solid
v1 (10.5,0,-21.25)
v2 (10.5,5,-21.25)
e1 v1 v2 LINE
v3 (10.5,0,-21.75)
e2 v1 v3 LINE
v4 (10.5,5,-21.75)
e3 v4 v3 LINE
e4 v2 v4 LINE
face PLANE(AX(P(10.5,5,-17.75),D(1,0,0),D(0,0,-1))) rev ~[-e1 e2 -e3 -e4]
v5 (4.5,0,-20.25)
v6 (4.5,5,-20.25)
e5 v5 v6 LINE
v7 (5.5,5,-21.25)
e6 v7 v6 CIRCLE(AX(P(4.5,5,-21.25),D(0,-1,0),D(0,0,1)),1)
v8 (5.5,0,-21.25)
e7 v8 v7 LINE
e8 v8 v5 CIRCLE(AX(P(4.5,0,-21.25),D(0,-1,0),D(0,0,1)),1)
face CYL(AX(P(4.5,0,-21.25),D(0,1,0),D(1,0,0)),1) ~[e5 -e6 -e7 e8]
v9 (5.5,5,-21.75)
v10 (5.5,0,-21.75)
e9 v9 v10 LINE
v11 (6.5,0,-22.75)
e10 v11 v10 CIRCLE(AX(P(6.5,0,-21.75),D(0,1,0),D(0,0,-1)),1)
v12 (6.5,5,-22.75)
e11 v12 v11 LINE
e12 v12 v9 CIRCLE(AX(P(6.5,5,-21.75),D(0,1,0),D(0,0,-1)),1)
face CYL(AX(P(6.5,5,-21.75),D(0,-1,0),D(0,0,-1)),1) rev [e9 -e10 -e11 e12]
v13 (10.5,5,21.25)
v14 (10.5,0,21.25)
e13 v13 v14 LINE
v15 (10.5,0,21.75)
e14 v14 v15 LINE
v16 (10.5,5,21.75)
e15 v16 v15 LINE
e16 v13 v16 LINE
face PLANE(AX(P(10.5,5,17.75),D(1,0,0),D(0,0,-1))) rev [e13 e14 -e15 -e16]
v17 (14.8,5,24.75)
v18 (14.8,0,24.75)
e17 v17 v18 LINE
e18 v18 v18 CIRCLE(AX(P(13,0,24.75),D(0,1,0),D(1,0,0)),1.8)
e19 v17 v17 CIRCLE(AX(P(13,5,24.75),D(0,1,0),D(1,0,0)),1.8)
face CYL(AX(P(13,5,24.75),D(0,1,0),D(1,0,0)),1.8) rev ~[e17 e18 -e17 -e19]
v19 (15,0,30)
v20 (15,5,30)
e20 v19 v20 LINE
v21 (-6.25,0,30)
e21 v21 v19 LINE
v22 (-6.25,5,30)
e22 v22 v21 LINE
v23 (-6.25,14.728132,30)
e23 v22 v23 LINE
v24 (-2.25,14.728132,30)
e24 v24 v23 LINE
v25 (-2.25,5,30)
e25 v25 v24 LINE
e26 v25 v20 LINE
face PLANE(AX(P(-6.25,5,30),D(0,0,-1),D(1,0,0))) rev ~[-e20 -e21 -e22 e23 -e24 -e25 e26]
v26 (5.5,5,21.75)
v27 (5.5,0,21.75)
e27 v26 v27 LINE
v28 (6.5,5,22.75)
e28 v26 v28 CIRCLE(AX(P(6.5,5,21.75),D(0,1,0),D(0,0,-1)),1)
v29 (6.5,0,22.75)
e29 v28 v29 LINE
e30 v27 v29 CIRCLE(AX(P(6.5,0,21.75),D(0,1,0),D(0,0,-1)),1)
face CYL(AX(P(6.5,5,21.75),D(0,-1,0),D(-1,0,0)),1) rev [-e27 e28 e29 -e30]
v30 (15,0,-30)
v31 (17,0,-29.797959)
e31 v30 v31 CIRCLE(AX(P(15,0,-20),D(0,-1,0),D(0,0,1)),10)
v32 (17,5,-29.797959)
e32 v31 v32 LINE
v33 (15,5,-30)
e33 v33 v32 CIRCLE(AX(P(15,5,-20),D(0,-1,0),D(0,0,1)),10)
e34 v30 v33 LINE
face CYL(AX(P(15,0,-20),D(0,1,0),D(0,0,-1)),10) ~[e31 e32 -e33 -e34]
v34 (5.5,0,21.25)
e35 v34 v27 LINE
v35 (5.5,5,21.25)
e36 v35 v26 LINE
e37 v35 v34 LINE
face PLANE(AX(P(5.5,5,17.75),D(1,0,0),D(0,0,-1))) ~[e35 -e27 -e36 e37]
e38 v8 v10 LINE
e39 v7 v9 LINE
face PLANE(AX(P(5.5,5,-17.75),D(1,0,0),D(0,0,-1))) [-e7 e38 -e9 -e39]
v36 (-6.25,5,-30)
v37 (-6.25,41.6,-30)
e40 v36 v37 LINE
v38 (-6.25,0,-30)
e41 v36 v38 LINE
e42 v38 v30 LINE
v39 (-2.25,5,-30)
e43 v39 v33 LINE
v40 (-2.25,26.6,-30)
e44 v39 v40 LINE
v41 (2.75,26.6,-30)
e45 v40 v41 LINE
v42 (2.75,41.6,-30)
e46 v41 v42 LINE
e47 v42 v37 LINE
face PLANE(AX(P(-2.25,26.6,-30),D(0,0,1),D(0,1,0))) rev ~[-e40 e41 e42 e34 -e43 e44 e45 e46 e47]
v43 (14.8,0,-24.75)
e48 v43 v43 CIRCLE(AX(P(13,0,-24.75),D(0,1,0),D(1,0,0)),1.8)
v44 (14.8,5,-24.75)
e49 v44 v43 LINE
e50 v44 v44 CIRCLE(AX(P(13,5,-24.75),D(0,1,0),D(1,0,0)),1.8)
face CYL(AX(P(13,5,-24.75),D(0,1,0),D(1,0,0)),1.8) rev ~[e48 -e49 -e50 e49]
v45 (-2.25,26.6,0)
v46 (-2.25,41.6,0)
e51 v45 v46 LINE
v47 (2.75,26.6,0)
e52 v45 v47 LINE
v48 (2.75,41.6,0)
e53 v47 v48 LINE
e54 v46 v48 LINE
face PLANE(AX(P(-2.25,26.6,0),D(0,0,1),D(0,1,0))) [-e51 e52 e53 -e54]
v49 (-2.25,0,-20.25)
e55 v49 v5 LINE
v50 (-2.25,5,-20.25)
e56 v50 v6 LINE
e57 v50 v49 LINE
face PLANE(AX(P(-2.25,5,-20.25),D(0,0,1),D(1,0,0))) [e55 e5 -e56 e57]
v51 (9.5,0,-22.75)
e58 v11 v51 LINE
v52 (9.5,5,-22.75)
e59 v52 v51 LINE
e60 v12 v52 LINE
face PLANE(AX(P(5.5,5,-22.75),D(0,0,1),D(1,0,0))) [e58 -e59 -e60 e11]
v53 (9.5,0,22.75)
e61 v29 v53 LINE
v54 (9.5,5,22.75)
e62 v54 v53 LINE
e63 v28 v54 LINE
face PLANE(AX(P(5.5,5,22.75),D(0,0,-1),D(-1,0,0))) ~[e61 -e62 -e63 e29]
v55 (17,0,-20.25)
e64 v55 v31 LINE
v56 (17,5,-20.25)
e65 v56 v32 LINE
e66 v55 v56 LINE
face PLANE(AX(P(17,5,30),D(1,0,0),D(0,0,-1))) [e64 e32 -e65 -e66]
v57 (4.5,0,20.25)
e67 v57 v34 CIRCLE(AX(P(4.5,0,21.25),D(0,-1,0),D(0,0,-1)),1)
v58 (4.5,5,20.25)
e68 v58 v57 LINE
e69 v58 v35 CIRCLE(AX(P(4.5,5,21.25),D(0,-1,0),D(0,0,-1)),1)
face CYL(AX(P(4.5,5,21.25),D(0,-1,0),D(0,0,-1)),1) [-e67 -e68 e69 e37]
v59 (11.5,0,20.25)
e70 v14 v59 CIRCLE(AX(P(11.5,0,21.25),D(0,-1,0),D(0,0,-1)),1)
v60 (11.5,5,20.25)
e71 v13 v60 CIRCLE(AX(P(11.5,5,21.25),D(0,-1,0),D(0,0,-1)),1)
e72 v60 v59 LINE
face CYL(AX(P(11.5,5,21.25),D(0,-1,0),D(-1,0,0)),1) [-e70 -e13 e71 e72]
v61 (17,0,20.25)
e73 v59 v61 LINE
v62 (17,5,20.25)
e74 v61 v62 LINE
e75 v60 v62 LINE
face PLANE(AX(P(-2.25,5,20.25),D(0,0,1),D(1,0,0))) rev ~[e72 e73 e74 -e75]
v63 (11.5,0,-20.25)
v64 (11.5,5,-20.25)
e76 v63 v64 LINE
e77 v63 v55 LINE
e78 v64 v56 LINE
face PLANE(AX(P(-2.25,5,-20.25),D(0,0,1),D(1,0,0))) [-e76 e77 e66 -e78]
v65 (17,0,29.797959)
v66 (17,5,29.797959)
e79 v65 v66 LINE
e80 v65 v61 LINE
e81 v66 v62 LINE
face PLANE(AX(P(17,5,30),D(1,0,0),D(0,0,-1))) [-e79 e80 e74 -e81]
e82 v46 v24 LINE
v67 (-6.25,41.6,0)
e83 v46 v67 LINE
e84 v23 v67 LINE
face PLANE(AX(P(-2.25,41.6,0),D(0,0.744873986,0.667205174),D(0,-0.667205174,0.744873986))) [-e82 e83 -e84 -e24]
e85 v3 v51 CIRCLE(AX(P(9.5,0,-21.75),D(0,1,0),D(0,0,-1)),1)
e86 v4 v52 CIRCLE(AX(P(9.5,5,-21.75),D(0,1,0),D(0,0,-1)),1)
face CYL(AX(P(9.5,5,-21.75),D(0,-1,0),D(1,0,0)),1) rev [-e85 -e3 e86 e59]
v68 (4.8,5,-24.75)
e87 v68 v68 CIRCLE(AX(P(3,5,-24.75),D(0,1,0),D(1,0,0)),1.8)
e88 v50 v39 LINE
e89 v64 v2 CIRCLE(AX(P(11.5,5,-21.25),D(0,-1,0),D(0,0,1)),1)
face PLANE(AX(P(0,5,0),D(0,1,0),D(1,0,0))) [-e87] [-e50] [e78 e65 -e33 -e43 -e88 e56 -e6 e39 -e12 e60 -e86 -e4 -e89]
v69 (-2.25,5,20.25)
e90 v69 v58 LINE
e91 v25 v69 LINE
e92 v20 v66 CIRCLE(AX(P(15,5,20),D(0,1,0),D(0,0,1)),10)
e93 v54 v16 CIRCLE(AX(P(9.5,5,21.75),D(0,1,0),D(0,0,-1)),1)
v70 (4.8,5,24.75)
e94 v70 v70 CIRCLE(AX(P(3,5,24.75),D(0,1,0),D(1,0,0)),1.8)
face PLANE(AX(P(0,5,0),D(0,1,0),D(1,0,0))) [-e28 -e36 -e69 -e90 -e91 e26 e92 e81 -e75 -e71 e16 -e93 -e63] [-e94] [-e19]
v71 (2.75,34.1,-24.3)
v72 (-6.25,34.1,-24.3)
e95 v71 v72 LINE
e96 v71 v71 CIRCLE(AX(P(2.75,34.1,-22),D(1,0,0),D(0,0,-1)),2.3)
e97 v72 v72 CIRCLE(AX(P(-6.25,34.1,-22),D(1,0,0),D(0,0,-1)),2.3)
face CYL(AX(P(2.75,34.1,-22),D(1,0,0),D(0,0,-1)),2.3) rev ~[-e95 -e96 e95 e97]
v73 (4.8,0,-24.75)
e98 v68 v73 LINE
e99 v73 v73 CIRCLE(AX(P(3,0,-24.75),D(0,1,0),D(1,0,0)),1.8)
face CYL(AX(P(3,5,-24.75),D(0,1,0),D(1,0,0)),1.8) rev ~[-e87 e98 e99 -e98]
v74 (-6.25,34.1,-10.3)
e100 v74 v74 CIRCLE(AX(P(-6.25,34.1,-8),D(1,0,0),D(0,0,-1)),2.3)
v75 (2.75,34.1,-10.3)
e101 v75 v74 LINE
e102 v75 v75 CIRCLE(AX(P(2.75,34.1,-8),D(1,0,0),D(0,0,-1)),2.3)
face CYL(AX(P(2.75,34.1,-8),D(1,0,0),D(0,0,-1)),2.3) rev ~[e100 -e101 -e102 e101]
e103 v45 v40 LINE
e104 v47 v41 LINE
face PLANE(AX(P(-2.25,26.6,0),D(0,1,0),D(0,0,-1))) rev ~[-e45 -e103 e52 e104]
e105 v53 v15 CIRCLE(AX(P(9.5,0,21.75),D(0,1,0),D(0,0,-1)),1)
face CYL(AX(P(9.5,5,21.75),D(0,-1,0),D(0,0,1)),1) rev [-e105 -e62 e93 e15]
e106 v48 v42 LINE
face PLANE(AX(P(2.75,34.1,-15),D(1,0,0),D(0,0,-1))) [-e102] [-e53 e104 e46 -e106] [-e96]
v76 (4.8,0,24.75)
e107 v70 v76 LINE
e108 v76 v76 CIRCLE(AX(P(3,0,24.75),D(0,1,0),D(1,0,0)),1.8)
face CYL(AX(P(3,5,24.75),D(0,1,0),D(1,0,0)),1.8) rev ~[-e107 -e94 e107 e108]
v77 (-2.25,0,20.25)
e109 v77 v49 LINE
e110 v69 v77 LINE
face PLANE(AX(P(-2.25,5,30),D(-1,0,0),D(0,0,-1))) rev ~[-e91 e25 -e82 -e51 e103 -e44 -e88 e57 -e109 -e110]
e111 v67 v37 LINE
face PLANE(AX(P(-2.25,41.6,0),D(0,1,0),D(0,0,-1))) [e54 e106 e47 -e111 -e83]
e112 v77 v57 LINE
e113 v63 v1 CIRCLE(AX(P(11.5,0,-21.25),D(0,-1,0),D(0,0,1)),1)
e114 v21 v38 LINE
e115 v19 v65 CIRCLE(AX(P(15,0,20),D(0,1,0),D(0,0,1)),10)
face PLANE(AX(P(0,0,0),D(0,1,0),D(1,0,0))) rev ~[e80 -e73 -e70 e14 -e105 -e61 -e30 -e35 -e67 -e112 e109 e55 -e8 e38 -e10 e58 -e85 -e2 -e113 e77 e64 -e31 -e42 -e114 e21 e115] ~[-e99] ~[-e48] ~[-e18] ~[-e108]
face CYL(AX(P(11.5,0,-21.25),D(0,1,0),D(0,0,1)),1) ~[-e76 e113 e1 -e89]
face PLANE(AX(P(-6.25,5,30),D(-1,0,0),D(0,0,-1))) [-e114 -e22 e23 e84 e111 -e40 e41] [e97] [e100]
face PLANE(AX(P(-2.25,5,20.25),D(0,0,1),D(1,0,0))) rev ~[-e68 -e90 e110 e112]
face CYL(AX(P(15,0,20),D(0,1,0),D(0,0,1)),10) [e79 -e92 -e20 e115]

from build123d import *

# Parameters (mm, degrees)
SKETCH1_W           = 50
SKETCH1_H           = 60
BOSS_EXTRUDE1_DEPTH = 5
SKETCH2_W           = 20.5
SKETCH2_H           = 40.5
CUT_EXTRUDE1_DEPTH  = 5
SKETCH3_R           = 1.8
CUT_EXTRUDE2_DEPTH  = 5
SKETCH4_R           = 2.5
CUT_EXTRUDE3_DEPTH  = 5
FILLET1_R           = 10
SKETCH5_W           = 5
SKETCH5_H           = 5
CUT_EXTRUDE4_DEPTH  = 10
FILLET2_R           = 1
SKETCH6_W           = 17.943789306
SKETCH6_H           = 60
CUT_EXTRUDE5_DEPTH  = 10
SKETCH7_W           = 4
SKETCH7_H           = 60
BOSS_EXTRUDE2_DEPTH = 36.6
SKETCH8_W           = 21.864927769
SKETCH8_H           = 69.948880873
CUT_EXTRUDE6_DEPTH  = 24
SKETCH9_W           = 30
SKETCH9_H           = 15
BOSS_EXTRUDE3_DEPTH = 5
CUT_EXTRUDE7_DEPTH  = 5
SKETCH11_R          = 2.3
CUT_EXTRUDE8_DEPTH  = 13


with BuildPart() as part:
    # Sketch1 → Boss-Extrude1 (new body)
    with BuildSketch(Plane(origin=(0, 0, 0), x_dir=(1, 0, 0), z_dir=(0, 1, 0))):
        Rectangle(SKETCH1_W, SKETCH1_H)
    extrude(amount=BOSS_EXTRUDE1_DEPTH)

    # Sketch2 → Cut-Extrude1 (cut)
    with BuildSketch(Plane(origin=(0, 5, 0), x_dir=(1, 0, 0), z_dir=(0, 1, 0))):
        with Locations((8, 0)):
            Rectangle(SKETCH2_W, SKETCH2_H)
    extrude(amount=-CUT_EXTRUDE1_DEPTH, mode=Mode.SUBTRACT)

    # Sketch3 → Cut-Extrude2 (cut)
    with BuildSketch(Plane(origin=(0, 5, 0), x_dir=(1, 0, 0), z_dir=(0, 1, 0))):
        with Locations((3, 24.75)):
            Circle(SKETCH3_R)
        with Locations((13, 24.75)):
            Circle(SKETCH3_R)
        with Locations((13, -24.75)):
            Circle(SKETCH3_R)
        with Locations((3, -24.75)):
            Circle(SKETCH3_R)
    extrude(amount=-CUT_EXTRUDE2_DEPTH, mode=Mode.SUBTRACT)

    # Sketch4 → Cut-Extrude3 (cut)
    with BuildSketch(Plane(origin=(0, 5, 0), x_dir=(1, 0, 0), z_dir=(0, 1, 0))):
        with Locations((-17.5, 20)):
            Circle(SKETCH4_R)
        with Locations((-17.5, -20)):
            Circle(SKETCH4_R)
    extrude(amount=-CUT_EXTRUDE3_DEPTH, mode=Mode.SUBTRACT)

    # Fillet1
    fillet1_edges = [part.edges().sort_by_distance(p)[0] for p in [
        (-25, 2.5, -30),
        (25, 2.5, -30),
        (25, 2.5, 30),
        (-25, 2.5, 30),
    ]]
    fillet(fillet1_edges, radius=FILLET1_R)

    # Sketch5 → Cut-Extrude4 (cut)
    with BuildSketch(Plane(origin=(0, 5, 0), x_dir=(1, 0, 0), z_dir=(0, 1, 0))):
        with Locations((8, 20.25)):
            Rectangle(SKETCH5_W, SKETCH5_H)
    cut_extrude4 = extrude(amount=-CUT_EXTRUDE4_DEPTH, mode=Mode.SUBTRACT)

    # Mirror1: Cut-Extrude4 across plane
    add(cut_extrude4.mirror(Plane.XY), mode=Mode.SUBTRACT)

    # Fillet2
    fillet2_edges = [part.edges().sort_by_distance(p)[0] for p in [
        (10.5, 2.5, 20.25),
        (5.5, 2.5, 20.25),
        (10.5, 2.5, 22.75),
        (5.5, 2.5, 22.75),
        (10.5, 2.5, -20.25),
        (5.5, 2.5, -20.25),
        (5.5, 2.5, -22.75),
        (10.5, 2.5, -22.75),
    ]]
    fillet(fillet2_edges, radius=FILLET2_R)

    # Sketch6 → Cut-Extrude5 (cut)
    with BuildSketch(Plane(origin=(0, 5, 0), x_dir=(1, 0, 0), z_dir=(0, 1, 0))):
        with Locations((25.971894653, 0)):
            Rectangle(SKETCH6_W, SKETCH6_H)
    extrude(amount=-CUT_EXTRUDE5_DEPTH, mode=Mode.SUBTRACT)

    # Sketch7 → Boss-Extrude2 (add)
    with BuildSketch(Plane(origin=(0, 5, 0), x_dir=(1, 0, 0), z_dir=(0, 1, 0))):
        with Locations((-4.25, 0)):
            Rectangle(SKETCH7_W, SKETCH7_H)
    extrude(amount=BOSS_EXTRUDE2_DEPTH)

    # Sketch8 → Cut-Extrude6 (cut)
    with BuildSketch(Plane(origin=(0, 5, 0), x_dir=(1, 0, 0), z_dir=(0, 1, 0))):
        with Locations((-17.182463885, 4.974440436)):
            Rectangle(SKETCH8_W, SKETCH8_H)
    extrude(amount=-CUT_EXTRUDE6_DEPTH, mode=Mode.SUBTRACT)

    # Sketch9 → Boss-Extrude3 (add)
    with BuildSketch(Plane(origin=(-2.25, 0, 0), x_dir=(0, 0, -1), z_dir=(1, 0, 0))):
        with Locations((15, 34.1)):
            Rectangle(SKETCH9_W, SKETCH9_H)
    extrude(amount=BOSS_EXTRUDE3_DEPTH)

    # Sketch10 → Cut-Extrude7 (cut)
    with BuildSketch(Plane(origin=(-2.25, 0, 0), x_dir=(0, 0, -1), z_dir=(1, 0, 0))):
        Polygon((0, 41.6), (-30, 14.728132264), (-30, 41.6), align=None)
    extrude(amount=-CUT_EXTRUDE7_DEPTH, mode=Mode.SUBTRACT)

    # Sketch11 → Cut-Extrude8 (cut)
    with BuildSketch(Plane(origin=(2.75, 0, 0), x_dir=(0, 0, -1), z_dir=(1, 0, 0))):
        with Locations((8, 34.1)):
            Circle(SKETCH11_R)
        with Locations((22, 34.1)):
            Circle(SKETCH11_R)
    extrude(amount=-CUT_EXTRUDE8_DEPTH, mode=Mode.SUBTRACT)


solid = part.part
